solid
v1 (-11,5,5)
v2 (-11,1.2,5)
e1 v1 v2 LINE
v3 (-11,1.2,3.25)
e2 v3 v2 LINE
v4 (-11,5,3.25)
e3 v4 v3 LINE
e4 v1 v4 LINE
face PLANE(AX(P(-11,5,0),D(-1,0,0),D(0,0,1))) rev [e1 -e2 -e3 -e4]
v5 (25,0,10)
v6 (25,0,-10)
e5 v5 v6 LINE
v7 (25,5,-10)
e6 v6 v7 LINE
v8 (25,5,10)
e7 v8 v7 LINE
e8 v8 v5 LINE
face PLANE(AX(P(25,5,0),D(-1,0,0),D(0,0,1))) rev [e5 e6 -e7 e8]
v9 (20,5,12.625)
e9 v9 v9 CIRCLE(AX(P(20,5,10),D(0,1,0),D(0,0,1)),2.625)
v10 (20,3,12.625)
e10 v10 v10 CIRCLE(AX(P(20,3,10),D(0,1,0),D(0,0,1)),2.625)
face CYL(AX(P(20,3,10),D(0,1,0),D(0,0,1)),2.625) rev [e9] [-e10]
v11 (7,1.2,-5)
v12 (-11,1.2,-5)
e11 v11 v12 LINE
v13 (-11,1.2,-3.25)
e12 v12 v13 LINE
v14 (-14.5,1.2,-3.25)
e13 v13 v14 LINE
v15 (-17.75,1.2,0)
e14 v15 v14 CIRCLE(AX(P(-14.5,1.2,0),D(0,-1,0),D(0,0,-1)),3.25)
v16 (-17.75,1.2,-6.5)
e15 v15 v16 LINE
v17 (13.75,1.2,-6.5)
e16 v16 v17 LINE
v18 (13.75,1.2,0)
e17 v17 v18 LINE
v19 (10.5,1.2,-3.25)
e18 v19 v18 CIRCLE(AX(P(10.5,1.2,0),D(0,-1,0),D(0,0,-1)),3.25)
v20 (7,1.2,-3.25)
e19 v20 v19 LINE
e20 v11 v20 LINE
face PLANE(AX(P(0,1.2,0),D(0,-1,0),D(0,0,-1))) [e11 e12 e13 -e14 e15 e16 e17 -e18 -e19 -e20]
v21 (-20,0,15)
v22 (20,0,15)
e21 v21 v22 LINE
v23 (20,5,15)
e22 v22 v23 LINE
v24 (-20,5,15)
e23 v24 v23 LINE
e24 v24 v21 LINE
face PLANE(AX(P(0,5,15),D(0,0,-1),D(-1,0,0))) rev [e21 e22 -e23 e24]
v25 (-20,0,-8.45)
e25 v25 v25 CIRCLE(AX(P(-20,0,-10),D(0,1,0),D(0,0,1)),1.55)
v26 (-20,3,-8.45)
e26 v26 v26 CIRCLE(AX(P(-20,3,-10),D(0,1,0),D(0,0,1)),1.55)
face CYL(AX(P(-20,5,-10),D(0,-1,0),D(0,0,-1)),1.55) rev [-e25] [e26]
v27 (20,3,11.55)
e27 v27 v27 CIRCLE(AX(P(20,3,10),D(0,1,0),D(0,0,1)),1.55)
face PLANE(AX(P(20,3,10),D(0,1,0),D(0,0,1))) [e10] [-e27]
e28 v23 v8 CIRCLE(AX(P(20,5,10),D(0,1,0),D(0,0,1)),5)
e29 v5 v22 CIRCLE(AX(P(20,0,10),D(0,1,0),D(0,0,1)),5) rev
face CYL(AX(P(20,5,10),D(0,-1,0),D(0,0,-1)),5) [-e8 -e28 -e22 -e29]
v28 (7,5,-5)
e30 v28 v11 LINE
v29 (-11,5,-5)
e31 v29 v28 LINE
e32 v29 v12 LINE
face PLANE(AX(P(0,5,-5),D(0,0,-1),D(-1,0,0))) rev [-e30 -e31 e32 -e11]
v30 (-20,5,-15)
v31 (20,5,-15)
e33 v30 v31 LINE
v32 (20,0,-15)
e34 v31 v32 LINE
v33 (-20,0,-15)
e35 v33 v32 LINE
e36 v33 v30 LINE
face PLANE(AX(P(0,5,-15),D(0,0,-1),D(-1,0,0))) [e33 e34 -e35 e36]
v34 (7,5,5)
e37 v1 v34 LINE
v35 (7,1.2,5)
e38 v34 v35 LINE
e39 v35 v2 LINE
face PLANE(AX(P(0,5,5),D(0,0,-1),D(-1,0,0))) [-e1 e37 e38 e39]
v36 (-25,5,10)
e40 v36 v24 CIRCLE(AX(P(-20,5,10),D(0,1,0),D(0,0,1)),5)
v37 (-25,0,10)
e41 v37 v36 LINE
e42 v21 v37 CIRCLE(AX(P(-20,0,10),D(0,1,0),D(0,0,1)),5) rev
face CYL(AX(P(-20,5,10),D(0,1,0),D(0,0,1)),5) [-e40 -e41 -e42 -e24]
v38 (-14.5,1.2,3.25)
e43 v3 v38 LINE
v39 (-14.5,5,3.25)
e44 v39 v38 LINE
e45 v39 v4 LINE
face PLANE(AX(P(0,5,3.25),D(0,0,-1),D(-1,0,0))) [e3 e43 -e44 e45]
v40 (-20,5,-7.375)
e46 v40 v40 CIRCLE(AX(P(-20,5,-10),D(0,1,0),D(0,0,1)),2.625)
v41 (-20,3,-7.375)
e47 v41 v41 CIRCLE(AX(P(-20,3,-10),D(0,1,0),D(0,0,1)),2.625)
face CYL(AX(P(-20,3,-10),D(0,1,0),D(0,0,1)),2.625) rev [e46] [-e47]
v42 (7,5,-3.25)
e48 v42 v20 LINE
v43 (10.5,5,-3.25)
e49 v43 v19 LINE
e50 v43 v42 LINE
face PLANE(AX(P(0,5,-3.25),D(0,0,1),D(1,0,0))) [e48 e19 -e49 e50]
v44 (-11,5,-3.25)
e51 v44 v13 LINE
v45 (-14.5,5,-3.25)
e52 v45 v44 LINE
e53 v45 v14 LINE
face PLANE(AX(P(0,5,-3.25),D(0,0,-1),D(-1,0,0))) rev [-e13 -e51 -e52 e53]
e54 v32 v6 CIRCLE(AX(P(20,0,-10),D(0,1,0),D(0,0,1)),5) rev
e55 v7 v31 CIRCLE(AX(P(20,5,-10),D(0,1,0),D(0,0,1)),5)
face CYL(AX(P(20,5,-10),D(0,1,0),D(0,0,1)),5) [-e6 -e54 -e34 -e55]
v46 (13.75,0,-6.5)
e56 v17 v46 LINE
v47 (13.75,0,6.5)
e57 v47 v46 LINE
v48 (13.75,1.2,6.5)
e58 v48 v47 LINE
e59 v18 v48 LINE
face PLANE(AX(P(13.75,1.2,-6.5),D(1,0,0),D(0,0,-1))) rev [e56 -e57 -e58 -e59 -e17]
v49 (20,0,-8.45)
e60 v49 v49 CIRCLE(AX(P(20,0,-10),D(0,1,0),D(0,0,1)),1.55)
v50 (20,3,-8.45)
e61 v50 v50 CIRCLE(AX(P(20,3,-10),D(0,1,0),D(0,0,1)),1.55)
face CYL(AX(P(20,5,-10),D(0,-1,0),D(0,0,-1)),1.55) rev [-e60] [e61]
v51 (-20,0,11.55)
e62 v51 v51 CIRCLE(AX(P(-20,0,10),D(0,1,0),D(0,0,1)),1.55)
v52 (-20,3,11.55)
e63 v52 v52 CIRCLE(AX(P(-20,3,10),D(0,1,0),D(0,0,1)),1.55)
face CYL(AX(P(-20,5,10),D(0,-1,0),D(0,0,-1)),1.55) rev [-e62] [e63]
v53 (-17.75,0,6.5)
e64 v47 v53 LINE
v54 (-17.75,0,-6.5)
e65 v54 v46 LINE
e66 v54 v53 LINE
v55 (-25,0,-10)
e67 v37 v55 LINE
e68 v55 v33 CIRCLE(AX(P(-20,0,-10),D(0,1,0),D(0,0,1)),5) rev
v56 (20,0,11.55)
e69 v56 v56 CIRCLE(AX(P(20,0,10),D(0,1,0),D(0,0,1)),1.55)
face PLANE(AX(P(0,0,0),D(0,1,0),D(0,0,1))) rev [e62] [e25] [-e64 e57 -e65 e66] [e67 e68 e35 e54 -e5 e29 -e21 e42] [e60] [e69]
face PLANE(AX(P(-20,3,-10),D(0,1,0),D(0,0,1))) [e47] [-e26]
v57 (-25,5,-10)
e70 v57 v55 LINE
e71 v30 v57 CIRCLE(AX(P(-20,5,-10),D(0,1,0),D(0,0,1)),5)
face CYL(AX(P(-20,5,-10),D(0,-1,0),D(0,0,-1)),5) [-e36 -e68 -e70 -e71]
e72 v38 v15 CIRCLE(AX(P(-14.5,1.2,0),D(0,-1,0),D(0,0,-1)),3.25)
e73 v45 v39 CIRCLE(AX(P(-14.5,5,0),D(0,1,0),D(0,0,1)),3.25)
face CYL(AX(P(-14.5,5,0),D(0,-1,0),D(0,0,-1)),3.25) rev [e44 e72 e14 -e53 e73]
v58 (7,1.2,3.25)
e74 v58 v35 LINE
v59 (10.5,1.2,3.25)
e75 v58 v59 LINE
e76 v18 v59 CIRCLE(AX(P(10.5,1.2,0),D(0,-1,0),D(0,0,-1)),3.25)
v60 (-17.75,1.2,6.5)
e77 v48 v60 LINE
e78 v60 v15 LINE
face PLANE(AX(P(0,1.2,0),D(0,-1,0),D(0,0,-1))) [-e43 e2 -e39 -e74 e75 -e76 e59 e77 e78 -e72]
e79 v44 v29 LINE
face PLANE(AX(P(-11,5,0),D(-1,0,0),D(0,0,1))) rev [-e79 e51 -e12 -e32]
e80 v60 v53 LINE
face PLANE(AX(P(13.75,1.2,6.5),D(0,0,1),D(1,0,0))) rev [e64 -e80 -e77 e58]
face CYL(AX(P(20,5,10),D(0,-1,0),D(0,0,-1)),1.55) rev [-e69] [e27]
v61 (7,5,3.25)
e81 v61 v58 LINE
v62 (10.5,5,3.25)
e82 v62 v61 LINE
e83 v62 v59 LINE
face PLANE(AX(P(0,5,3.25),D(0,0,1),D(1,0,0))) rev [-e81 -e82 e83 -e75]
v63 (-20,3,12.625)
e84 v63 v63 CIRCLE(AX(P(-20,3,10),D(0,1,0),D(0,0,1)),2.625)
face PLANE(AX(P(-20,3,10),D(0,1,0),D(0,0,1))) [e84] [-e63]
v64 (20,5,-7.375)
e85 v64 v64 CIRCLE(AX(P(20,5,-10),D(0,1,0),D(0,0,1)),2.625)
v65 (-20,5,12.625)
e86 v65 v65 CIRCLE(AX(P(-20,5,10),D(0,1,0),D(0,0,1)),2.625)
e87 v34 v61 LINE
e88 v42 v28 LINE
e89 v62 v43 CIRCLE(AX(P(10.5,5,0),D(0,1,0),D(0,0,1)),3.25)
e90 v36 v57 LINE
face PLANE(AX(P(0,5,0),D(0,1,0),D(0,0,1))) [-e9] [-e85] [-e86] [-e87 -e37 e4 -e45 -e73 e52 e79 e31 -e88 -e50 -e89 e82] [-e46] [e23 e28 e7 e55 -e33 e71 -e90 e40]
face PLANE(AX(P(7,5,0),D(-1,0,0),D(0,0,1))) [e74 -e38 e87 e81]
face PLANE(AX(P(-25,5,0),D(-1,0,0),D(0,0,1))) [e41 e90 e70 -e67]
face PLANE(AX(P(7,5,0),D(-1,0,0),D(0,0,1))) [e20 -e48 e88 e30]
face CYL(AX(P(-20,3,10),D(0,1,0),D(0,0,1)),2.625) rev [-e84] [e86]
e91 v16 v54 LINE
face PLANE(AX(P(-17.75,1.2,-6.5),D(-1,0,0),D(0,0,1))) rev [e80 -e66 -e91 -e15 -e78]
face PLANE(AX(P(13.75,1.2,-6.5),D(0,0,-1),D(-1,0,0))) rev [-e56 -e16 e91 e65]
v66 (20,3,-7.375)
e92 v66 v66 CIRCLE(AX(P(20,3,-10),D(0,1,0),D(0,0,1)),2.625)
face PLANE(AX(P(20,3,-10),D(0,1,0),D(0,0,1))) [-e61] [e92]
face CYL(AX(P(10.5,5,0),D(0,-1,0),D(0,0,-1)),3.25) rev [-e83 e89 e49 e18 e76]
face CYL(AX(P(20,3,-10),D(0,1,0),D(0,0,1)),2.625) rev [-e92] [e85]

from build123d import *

# Parameters (mm, degrees)
SKETCH1_W           = 50
SKETCH1_H           = 30
SKETCH1_R           = 1.55
BOSS_EXTRUDE1_DEPTH = 5
SKETCH2_R           = 2.625
CUT_EXTRUDE1_DEPTH  = 2
SKETCH3_W           = 31.5
SKETCH3_H           = 13
CUT_EXTRUDE2_DEPTH  = 1.2
FILLET1_R           = 5


with BuildPart() as part:
    # Sketch1 → Boss-Extrude1 (new body)
    with BuildSketch(Plane(origin=(0, 0, 0), x_dir=(1, 0, 0), z_dir=(0, 1, 0))):
        Rectangle(SKETCH1_W, SKETCH1_H)
        with Locations((-20, -10)):
            Circle(SKETCH1_R, mode=Mode.SUBTRACT)
        with Locations((20, -10)):
            Circle(SKETCH1_R, mode=Mode.SUBTRACT)
        with BuildLine():
            Line((7, -5), (-11, -5))
            Line((-11, -5), (-11, -3.25))
            Line((-11, -3.25), (-14.5, -3.25))
            ThreePointArc((-14.5, -3.25), (-17.75, 0), (-14.5, 3.25))
            Line((-14.5, 3.25), (-11, 3.25))
            Line((-11, 3.25), (-11, 5))
            Line((-11, 5), (7, 5))
            Line((7, 5), (7, 3.25))
            Line((7, 3.25), (10.5, 3.25))
            ThreePointArc((10.5, 3.25), (12.798097039, 2.298097039), (13.75, 0))
            ThreePointArc((13.75, 0), (12.798097039, -2.298097039), (10.5, -3.25))
            Line((10.5, -3.25), (7, -3.25))
            Line((7, -3.25), (7, -5))
        make_face(mode=Mode.SUBTRACT)
        with Locations((-20, 10)):
            Circle(SKETCH1_R, mode=Mode.SUBTRACT)
        with Locations((20, 10)):
            Circle(SKETCH1_R, mode=Mode.SUBTRACT)
    extrude(amount=BOSS_EXTRUDE1_DEPTH)

    # Sketch2 → Cut-Extrude1 (cut)
    with BuildSketch(Plane(origin=(0, 5, 0), x_dir=(1, 0, 0), z_dir=(0, 1, 0))):
        with Locations((-20, 10)):
            Circle(SKETCH2_R)
        with Locations((20, 10)):
            Circle(SKETCH2_R)
        with Locations((20, -10)):
            Circle(SKETCH2_R)
        with Locations((-20, -10)):
            Circle(SKETCH2_R)
    extrude(amount=-CUT_EXTRUDE1_DEPTH, mode=Mode.SUBTRACT)

    # Sketch3 → Cut-Extrude2 (cut)
    with BuildSketch(Plane.XZ):
        with Locations((-2, 0)):
            Rectangle(SKETCH3_W, SKETCH3_H)
    extrude(amount=-CUT_EXTRUDE2_DEPTH, mode=Mode.SUBTRACT)

    # Fillet1
    fillet1_edges = [part.edges().sort_by_distance(p)[0] for p in [
        (-25, 2.5, 15),
        (-25, 2.5, -15),
        (25, 2.5, -15),
        (25, 2.5, 15),
    ]]
    fillet(fillet1_edges, radius=FILLET1_R)


solid = part.part
